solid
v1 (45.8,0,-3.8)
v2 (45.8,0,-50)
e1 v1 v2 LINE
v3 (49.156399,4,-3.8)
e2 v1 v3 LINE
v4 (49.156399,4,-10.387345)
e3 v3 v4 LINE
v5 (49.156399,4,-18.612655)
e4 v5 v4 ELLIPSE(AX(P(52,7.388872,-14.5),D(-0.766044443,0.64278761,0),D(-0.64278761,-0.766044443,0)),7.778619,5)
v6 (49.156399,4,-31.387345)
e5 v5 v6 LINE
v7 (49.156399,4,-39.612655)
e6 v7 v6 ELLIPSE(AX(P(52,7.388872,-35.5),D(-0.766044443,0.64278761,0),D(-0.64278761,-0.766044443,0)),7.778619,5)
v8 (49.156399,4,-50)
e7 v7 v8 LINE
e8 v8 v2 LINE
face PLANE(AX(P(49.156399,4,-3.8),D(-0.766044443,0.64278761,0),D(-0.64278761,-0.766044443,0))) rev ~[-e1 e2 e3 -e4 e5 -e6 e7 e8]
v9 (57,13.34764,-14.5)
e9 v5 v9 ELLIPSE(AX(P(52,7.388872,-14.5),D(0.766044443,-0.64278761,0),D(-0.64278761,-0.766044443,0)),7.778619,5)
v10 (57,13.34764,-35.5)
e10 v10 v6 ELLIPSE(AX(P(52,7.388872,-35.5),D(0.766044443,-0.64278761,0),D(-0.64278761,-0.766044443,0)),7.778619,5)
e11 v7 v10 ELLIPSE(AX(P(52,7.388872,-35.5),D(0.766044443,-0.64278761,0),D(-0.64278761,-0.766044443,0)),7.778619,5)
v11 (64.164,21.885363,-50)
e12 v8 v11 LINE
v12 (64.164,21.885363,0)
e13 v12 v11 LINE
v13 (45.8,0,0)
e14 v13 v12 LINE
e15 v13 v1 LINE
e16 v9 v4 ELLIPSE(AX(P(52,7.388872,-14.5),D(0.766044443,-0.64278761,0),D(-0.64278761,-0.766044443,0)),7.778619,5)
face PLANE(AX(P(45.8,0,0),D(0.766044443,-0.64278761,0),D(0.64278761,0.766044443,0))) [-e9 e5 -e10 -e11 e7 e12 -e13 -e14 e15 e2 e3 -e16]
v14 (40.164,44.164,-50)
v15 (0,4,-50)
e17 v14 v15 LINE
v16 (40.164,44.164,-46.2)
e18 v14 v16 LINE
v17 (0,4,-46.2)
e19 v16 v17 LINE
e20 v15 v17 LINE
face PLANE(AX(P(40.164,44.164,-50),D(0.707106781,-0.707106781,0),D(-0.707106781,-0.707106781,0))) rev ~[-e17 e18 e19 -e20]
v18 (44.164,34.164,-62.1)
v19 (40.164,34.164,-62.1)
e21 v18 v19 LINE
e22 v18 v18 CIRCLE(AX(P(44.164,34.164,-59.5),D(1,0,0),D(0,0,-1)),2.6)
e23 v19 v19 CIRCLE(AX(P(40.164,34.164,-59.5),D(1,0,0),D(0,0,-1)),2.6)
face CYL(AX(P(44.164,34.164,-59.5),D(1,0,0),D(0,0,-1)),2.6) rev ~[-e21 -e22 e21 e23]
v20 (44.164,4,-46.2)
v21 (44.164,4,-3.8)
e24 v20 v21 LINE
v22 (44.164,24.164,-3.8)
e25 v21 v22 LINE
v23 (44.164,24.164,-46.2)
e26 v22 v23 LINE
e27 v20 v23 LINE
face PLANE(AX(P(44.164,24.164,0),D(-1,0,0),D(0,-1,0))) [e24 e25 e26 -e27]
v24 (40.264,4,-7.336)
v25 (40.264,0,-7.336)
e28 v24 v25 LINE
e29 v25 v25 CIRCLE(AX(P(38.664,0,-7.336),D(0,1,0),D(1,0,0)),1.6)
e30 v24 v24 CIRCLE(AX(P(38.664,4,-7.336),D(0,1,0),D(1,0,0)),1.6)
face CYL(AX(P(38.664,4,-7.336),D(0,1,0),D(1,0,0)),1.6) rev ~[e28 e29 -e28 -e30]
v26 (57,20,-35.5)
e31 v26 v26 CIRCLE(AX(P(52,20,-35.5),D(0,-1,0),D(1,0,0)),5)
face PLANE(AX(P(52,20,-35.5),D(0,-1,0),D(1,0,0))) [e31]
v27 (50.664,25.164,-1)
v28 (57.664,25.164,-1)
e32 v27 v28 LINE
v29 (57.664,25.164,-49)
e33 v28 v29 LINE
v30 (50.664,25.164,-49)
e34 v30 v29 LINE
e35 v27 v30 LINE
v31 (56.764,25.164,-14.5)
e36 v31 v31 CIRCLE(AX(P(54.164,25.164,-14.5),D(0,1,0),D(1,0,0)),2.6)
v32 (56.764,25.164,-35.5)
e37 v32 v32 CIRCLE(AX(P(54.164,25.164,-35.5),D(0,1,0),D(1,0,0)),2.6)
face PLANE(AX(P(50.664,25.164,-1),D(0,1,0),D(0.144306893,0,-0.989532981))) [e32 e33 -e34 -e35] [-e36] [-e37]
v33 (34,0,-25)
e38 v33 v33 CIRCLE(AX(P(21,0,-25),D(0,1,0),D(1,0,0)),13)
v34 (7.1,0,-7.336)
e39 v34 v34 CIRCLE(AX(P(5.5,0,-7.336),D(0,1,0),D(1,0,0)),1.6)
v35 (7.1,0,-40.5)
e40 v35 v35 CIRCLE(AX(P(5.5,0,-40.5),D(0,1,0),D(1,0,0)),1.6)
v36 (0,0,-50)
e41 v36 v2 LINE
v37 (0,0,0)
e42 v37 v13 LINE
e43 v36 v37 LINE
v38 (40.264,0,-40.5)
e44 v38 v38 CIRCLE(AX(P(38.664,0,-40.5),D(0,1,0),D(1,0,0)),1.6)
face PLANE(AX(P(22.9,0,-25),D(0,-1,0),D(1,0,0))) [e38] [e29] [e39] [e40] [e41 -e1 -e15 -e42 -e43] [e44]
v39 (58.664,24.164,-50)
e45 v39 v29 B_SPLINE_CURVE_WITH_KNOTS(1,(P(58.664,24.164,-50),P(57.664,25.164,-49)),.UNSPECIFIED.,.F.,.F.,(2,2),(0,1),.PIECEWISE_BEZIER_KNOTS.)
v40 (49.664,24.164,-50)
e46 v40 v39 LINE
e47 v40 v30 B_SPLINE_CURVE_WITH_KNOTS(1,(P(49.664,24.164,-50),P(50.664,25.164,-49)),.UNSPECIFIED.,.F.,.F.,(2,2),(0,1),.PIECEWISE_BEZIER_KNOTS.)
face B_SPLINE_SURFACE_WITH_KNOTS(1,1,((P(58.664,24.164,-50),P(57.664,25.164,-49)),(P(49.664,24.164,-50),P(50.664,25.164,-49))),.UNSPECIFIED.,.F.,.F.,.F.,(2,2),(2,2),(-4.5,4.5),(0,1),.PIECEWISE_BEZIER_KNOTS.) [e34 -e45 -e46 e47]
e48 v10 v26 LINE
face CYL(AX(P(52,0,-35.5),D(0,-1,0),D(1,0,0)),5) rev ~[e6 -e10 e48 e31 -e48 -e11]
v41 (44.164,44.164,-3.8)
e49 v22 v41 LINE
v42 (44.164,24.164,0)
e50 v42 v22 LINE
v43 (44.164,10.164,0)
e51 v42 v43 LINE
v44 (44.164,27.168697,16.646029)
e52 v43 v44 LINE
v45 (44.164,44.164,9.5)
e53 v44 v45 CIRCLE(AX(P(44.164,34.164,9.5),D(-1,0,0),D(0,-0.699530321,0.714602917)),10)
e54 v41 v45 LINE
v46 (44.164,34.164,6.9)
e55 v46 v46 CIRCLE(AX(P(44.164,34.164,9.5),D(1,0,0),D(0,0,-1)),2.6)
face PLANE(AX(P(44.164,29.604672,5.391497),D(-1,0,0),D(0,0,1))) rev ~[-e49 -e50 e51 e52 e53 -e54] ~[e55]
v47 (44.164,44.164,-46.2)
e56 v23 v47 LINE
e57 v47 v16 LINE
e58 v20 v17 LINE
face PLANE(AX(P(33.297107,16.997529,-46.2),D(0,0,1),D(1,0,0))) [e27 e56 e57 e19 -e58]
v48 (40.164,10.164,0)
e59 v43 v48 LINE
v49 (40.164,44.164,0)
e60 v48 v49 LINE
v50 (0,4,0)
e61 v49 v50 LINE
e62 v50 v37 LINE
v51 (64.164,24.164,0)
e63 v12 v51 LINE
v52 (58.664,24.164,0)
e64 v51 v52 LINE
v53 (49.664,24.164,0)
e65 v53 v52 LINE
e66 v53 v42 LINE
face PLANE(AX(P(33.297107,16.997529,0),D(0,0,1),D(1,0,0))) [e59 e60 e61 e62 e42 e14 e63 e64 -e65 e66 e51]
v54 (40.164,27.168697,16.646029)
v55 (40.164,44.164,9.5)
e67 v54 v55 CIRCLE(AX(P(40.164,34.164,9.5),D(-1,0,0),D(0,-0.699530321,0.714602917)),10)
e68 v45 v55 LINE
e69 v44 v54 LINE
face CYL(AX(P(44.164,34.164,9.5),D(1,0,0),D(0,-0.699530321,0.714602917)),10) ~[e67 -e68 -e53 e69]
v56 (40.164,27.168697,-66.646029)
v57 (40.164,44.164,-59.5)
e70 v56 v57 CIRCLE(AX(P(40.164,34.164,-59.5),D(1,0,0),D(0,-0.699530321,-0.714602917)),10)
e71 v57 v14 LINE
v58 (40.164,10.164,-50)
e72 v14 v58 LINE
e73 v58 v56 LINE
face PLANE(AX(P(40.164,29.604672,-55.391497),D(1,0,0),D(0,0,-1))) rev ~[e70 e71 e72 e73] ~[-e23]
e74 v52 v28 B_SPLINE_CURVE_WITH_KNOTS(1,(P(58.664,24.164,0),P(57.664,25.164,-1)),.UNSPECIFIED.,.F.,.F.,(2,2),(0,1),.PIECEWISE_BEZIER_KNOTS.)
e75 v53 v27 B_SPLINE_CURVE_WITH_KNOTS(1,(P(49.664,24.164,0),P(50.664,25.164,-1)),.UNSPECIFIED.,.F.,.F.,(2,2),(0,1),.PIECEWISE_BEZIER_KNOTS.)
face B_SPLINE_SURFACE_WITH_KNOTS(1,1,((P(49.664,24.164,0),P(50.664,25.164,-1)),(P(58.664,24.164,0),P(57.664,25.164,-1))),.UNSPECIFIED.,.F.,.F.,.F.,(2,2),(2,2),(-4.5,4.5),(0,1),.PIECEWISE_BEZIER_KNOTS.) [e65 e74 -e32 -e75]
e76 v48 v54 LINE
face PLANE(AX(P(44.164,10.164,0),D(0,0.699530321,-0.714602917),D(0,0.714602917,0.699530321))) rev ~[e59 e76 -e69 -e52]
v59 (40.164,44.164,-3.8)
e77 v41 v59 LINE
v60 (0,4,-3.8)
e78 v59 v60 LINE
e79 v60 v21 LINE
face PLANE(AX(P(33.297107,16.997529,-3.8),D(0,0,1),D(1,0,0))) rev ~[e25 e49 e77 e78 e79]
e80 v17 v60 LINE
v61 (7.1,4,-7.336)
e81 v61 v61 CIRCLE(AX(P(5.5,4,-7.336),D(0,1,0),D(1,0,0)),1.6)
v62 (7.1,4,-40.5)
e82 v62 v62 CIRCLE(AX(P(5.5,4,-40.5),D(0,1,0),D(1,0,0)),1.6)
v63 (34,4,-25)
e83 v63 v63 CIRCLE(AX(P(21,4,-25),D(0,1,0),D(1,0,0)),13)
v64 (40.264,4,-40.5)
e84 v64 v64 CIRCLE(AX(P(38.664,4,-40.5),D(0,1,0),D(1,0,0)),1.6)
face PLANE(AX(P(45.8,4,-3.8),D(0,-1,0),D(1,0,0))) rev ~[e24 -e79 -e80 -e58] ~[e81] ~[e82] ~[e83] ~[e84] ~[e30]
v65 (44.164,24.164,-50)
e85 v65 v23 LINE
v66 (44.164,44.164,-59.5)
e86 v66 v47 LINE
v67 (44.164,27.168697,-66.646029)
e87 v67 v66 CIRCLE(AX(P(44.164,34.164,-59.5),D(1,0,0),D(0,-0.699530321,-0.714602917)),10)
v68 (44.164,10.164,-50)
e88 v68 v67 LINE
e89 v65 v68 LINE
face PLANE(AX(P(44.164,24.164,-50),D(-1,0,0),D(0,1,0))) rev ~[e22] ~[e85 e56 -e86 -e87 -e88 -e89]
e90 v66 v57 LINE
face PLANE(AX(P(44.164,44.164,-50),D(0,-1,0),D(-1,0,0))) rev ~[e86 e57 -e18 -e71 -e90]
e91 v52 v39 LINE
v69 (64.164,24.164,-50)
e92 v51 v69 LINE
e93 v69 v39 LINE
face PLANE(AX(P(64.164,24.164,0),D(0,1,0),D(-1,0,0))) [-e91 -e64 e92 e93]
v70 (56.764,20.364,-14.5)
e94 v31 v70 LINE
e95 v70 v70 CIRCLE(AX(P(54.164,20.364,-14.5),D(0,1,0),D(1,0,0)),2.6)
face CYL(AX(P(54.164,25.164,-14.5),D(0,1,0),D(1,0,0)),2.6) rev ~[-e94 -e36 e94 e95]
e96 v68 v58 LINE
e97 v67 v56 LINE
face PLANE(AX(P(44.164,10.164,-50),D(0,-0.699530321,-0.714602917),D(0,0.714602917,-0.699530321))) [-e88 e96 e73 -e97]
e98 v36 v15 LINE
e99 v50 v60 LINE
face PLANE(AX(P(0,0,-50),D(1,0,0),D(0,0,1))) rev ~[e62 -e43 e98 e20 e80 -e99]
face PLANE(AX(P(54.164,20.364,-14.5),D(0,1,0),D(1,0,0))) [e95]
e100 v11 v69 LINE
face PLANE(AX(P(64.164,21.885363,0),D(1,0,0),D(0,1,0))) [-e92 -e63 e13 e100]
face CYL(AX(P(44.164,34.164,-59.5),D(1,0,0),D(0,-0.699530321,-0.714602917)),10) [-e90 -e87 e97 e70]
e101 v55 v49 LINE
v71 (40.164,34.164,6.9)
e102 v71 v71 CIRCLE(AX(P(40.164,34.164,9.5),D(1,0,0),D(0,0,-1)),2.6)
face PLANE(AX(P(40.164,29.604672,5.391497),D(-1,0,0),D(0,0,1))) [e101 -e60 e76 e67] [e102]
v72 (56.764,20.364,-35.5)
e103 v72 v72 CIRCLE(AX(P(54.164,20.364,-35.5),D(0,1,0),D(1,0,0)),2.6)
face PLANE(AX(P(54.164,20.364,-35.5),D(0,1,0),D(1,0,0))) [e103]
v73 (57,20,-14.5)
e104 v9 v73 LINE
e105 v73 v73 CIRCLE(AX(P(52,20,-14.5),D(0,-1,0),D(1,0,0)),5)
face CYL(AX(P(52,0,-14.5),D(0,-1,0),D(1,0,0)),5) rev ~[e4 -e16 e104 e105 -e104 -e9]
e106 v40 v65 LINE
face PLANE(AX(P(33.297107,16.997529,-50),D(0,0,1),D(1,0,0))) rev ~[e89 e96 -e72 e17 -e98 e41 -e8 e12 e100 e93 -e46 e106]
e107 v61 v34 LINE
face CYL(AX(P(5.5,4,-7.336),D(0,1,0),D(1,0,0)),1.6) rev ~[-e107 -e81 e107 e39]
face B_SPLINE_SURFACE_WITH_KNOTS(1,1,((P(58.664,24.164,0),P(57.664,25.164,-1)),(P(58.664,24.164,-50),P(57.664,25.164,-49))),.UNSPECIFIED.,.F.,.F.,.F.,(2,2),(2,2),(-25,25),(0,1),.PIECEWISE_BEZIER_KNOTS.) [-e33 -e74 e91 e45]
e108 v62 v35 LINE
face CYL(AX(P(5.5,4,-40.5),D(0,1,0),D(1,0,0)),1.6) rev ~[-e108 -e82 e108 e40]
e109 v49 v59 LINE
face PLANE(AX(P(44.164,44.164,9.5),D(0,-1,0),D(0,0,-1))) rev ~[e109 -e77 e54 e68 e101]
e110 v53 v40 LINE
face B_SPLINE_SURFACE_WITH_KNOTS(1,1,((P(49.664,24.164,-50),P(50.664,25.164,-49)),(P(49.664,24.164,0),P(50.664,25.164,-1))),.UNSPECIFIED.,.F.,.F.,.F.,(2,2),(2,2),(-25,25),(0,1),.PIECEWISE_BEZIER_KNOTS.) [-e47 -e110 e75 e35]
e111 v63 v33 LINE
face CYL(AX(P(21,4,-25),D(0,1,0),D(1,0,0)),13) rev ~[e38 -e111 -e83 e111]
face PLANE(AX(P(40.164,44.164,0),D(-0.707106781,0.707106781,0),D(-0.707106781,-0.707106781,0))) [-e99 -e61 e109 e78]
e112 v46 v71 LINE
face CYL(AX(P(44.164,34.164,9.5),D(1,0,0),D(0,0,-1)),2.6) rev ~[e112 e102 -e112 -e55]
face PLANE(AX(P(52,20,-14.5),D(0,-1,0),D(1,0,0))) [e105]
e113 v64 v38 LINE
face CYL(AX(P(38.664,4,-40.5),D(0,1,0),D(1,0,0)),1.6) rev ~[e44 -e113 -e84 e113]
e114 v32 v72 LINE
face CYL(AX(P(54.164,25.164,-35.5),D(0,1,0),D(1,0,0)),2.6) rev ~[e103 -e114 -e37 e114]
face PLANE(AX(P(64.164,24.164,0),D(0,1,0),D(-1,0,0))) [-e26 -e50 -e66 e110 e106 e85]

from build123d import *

# Parameters (mm, degrees)
BOSS_EXTRUDE1_DEPTH = 3.8
SKETCH2_W           = 45.8
SKETCH2_H           = 50
BOSS_EXTRUDE2_DEPTH = 4
BOSS_EXTRUDE3_DEPTH = 46.2
BOSS_EXTRUDE4_DEPTH = 3.8
BOSS_EXTRUDE5_REACH = 52
SKETCH6_W           = 9
SKETCH6_H           = 50
BOSS_EXTRUDE6_DEPTH = 1
BOSS_EXTRUDE6_TAPER = 45
SKETCH7_R           = 2.6
BOSS_EXTRUDE7_DEPTH = 4
CUT_EXTRUDE1_REACH  = 6
SKETCH8_R           = 13
SKETCH8_R_2         = 1.6
SKETCH9_R           = 2.6
CUT_EXTRUDE2_DEPTH  = 4.8
SKETCH10_R          = 5
CUT_EXTRUDE3_DEPTH  = 20


with BuildPart() as part:
    # Sketch1 → Boss-Extrude1 (new body)
    with BuildSketch(Plane.XY):
        Polygon((0, 0), (45.8, 0), (64.164, 21.885362974), (64.164, 24.164), (44.164, 24.164), (44.164, 44.164), (40.164, 44.164), (0, 4), align=None)
    extrude(amount=-BOSS_EXTRUDE1_DEPTH)

    # Sketch2 → Boss-Extrude2 (add)
    with BuildSketch(Plane.XZ):
        with Locations((22.9, -25)):
            Rectangle(SKETCH2_W, SKETCH2_H)
    extrude(amount=-BOSS_EXTRUDE2_DEPTH)

    # Sketch3 → Boss-Extrude3 (add, through all)
    with BuildSketch(Plane(origin=(0, 0, -3.8), x_dir=(-1, 0, 0), z_dir=(0, 0, -1))):
        Polygon((-45.8, 0), (-45.8, 4), (-49.156398525, 4), align=None)
    extrude(amount=BOSS_EXTRUDE3_DEPTH)

    # Sketch4 → Boss-Extrude4 (add)
    with BuildSketch(Plane(origin=(0, 0, -50), x_dir=(-1, 0, 0), z_dir=(0, 0, -1))):
        Polygon((-44.164, 24.164), (-44.164, 44.164), (-40.164, 44.164), (0, 4), (0, 0), (-45.8, 0), (-64.164, 21.885362974), (-64.164, 24.164), align=None)
    extrude(amount=-BOSS_EXTRUDE4_DEPTH)

    # Sketch5 → Boss-Extrude5 (add, up to next)
    with BuildSketch(Plane.XY, mode=Mode.PRIVATE) as boss_extrude5_sk1:
        Polygon((44.164, 24.164), (44.164, 0), (45.8, 0), (64.164, 21.885362974), (64.164, 24.164), align=None)
    boss_extrude5_tool1 = extrude(boss_extrude5_sk1.sketch, amount=-BOSS_EXTRUDE5_REACH, mode=Mode.PRIVATE) - part.part
    add(boss_extrude5_tool1.solids().sort_by_distance((51.403304, 15.489129, 0))[0])

    # Sketch6 → Boss-Extrude6 (add)
    with BuildSketch(Plane(origin=(0, 24.164, 0), x_dir=(1, 0, 0), z_dir=(0, 1, 0))):
        with Locations((54.164, 25)):
            Rectangle(SKETCH6_W, SKETCH6_H)
    extrude(amount=BOSS_EXTRUDE6_DEPTH, taper=BOSS_EXTRUDE6_TAPER)

    # Sketch7 → Boss-Extrude7 (add)
    with BuildSketch(Plane(origin=(44.164, 0, 0), x_dir=(0, 0, -1), z_dir=(1, 0, 0))):
        with BuildLine():
            Line((0, 24.164), (0, 10.164))
            Line((0, 10.164), (-16.646029173, 27.168696786))
            ThreePointArc((-16.646029173, 27.168696786), (-18.718270774, 38.040013923), (-9.5, 44.164))
            Line((-9.5, 44.164), (3.8, 44.164))
            Line((3.8, 44.164), (3.8, 24.164))
            Line((3.8, 24.164), (0, 24.164))
        make_face()
        with Locations((-9.5, 34.164)):
            Circle(SKETCH7_R, mode=Mode.SUBTRACT)
        with BuildLine():
            Line((46.2, 44.164), (46.2, 24.164))
            Line((46.2, 24.164), (50, 24.164))
            Line((50, 24.164), (50, 10.164))
            Line((50, 10.164), (66.646029173, 27.168696786))
            ThreePointArc((66.646029173, 27.168696786), (68.718270774, 38.040013923), (59.5, 44.164))
            Line((59.5, 44.164), (46.2, 44.164))
        make_face()
        with Locations((59.5, 34.164)):
            Circle(SKETCH7_R, mode=Mode.SUBTRACT)
    extrude(amount=-BOSS_EXTRUDE7_DEPTH)

    # Sketch8 → Cut-Extrude1 (cut, up to next)
    with BuildSketch(Plane(origin=(0, 4, 0), x_dir=(1, 0, 0), z_dir=(0, 1, 0)), mode=Mode.PRIVATE) as cut_extrude1_sk1:
        with Locations((21, 25)):
            Circle(SKETCH8_R)
    cut_extrude1_tool1 = extrude(cut_extrude1_sk1.sketch, amount=-CUT_EXTRUDE1_REACH, mode=Mode.PRIVATE) & part.part
    add(cut_extrude1_tool1.solids().sort_by_distance((21, 4, -25))[0], mode=Mode.SUBTRACT)
    # Sketch8 → Cut-Extrude1 (cut, up to next)
    with BuildSketch(Plane(origin=(0, 4, 0), x_dir=(1, 0, 0), z_dir=(0, 1, 0)), mode=Mode.PRIVATE) as cut_extrude1_sk2:
        with Locations((5.5, 40.5)):
            Circle(SKETCH8_R_2)
    cut_extrude1_tool2 = extrude(cut_extrude1_sk2.sketch, amount=-CUT_EXTRUDE1_REACH, mode=Mode.PRIVATE) & part.part
    add(cut_extrude1_tool2.solids().sort_by_distance((5.5, 4, -40.5))[0], mode=Mode.SUBTRACT)
    # Sketch8 → Cut-Extrude1 (cut, up to next)
    with BuildSketch(Plane(origin=(0, 4, 0), x_dir=(1, 0, 0), z_dir=(0, 1, 0)), mode=Mode.PRIVATE) as cut_extrude1_sk3:
        with Locations((38.664, 40.5)):
            Circle(SKETCH8_R_2)
    cut_extrude1_tool3 = extrude(cut_extrude1_sk3.sketch, amount=-CUT_EXTRUDE1_REACH, mode=Mode.PRIVATE) & part.part
    add(cut_extrude1_tool3.solids().sort_by_distance((38.664, 4, -40.5))[0], mode=Mode.SUBTRACT)
    # Sketch8 → Cut-Extrude1 (cut, up to next)
    with BuildSketch(Plane(origin=(0, 4, 0), x_dir=(1, 0, 0), z_dir=(0, 1, 0)), mode=Mode.PRIVATE) as cut_extrude1_sk4:
        with Locations((38.664, 7.336)):
            Circle(SKETCH8_R_2)
    cut_extrude1_tool4 = extrude(cut_extrude1_sk4.sketch, amount=-CUT_EXTRUDE1_REACH, mode=Mode.PRIVATE) & part.part
    add(cut_extrude1_tool4.solids().sort_by_distance((38.664, 4, -7.336))[0], mode=Mode.SUBTRACT)
    # Sketch8 → Cut-Extrude1 (cut, up to next)
    with BuildSketch(Plane(origin=(0, 4, 0), x_dir=(1, 0, 0), z_dir=(0, 1, 0)), mode=Mode.PRIVATE) as cut_extrude1_sk5:
        with Locations((5.5, 7.336)):
            Circle(SKETCH8_R_2)
    cut_extrude1_tool5 = extrude(cut_extrude1_sk5.sketch, amount=-CUT_EXTRUDE1_REACH, mode=Mode.PRIVATE) & part.part
    add(cut_extrude1_tool5.solids().sort_by_distance((5.5, 4, -7.336))[0], mode=Mode.SUBTRACT)

    # Sketch9 → Cut-Extrude2 (cut)
    with BuildSketch(Plane(origin=(0, 25.164, 0), x_dir=(1, 0, 0), z_dir=(0, 1, 0))):
        with Locations((54.164, 14.5)):
            Circle(SKETCH9_R)
        with Locations((54.164, 35.5)):
            Circle(SKETCH9_R)
    extrude(amount=-CUT_EXTRUDE2_DEPTH, mode=Mode.SUBTRACT)

    # Sketch10 → Cut-Extrude3 (cut)
    with BuildSketch(Plane.XZ):
        with Locations((52, -14.5)):
            Circle(SKETCH10_R)
        with Locations((52, -35.5)):
            Circle(SKETCH10_R)
    extrude(amount=-CUT_EXTRUDE3_DEPTH, mode=Mode.SUBTRACT)


solid = part.part
